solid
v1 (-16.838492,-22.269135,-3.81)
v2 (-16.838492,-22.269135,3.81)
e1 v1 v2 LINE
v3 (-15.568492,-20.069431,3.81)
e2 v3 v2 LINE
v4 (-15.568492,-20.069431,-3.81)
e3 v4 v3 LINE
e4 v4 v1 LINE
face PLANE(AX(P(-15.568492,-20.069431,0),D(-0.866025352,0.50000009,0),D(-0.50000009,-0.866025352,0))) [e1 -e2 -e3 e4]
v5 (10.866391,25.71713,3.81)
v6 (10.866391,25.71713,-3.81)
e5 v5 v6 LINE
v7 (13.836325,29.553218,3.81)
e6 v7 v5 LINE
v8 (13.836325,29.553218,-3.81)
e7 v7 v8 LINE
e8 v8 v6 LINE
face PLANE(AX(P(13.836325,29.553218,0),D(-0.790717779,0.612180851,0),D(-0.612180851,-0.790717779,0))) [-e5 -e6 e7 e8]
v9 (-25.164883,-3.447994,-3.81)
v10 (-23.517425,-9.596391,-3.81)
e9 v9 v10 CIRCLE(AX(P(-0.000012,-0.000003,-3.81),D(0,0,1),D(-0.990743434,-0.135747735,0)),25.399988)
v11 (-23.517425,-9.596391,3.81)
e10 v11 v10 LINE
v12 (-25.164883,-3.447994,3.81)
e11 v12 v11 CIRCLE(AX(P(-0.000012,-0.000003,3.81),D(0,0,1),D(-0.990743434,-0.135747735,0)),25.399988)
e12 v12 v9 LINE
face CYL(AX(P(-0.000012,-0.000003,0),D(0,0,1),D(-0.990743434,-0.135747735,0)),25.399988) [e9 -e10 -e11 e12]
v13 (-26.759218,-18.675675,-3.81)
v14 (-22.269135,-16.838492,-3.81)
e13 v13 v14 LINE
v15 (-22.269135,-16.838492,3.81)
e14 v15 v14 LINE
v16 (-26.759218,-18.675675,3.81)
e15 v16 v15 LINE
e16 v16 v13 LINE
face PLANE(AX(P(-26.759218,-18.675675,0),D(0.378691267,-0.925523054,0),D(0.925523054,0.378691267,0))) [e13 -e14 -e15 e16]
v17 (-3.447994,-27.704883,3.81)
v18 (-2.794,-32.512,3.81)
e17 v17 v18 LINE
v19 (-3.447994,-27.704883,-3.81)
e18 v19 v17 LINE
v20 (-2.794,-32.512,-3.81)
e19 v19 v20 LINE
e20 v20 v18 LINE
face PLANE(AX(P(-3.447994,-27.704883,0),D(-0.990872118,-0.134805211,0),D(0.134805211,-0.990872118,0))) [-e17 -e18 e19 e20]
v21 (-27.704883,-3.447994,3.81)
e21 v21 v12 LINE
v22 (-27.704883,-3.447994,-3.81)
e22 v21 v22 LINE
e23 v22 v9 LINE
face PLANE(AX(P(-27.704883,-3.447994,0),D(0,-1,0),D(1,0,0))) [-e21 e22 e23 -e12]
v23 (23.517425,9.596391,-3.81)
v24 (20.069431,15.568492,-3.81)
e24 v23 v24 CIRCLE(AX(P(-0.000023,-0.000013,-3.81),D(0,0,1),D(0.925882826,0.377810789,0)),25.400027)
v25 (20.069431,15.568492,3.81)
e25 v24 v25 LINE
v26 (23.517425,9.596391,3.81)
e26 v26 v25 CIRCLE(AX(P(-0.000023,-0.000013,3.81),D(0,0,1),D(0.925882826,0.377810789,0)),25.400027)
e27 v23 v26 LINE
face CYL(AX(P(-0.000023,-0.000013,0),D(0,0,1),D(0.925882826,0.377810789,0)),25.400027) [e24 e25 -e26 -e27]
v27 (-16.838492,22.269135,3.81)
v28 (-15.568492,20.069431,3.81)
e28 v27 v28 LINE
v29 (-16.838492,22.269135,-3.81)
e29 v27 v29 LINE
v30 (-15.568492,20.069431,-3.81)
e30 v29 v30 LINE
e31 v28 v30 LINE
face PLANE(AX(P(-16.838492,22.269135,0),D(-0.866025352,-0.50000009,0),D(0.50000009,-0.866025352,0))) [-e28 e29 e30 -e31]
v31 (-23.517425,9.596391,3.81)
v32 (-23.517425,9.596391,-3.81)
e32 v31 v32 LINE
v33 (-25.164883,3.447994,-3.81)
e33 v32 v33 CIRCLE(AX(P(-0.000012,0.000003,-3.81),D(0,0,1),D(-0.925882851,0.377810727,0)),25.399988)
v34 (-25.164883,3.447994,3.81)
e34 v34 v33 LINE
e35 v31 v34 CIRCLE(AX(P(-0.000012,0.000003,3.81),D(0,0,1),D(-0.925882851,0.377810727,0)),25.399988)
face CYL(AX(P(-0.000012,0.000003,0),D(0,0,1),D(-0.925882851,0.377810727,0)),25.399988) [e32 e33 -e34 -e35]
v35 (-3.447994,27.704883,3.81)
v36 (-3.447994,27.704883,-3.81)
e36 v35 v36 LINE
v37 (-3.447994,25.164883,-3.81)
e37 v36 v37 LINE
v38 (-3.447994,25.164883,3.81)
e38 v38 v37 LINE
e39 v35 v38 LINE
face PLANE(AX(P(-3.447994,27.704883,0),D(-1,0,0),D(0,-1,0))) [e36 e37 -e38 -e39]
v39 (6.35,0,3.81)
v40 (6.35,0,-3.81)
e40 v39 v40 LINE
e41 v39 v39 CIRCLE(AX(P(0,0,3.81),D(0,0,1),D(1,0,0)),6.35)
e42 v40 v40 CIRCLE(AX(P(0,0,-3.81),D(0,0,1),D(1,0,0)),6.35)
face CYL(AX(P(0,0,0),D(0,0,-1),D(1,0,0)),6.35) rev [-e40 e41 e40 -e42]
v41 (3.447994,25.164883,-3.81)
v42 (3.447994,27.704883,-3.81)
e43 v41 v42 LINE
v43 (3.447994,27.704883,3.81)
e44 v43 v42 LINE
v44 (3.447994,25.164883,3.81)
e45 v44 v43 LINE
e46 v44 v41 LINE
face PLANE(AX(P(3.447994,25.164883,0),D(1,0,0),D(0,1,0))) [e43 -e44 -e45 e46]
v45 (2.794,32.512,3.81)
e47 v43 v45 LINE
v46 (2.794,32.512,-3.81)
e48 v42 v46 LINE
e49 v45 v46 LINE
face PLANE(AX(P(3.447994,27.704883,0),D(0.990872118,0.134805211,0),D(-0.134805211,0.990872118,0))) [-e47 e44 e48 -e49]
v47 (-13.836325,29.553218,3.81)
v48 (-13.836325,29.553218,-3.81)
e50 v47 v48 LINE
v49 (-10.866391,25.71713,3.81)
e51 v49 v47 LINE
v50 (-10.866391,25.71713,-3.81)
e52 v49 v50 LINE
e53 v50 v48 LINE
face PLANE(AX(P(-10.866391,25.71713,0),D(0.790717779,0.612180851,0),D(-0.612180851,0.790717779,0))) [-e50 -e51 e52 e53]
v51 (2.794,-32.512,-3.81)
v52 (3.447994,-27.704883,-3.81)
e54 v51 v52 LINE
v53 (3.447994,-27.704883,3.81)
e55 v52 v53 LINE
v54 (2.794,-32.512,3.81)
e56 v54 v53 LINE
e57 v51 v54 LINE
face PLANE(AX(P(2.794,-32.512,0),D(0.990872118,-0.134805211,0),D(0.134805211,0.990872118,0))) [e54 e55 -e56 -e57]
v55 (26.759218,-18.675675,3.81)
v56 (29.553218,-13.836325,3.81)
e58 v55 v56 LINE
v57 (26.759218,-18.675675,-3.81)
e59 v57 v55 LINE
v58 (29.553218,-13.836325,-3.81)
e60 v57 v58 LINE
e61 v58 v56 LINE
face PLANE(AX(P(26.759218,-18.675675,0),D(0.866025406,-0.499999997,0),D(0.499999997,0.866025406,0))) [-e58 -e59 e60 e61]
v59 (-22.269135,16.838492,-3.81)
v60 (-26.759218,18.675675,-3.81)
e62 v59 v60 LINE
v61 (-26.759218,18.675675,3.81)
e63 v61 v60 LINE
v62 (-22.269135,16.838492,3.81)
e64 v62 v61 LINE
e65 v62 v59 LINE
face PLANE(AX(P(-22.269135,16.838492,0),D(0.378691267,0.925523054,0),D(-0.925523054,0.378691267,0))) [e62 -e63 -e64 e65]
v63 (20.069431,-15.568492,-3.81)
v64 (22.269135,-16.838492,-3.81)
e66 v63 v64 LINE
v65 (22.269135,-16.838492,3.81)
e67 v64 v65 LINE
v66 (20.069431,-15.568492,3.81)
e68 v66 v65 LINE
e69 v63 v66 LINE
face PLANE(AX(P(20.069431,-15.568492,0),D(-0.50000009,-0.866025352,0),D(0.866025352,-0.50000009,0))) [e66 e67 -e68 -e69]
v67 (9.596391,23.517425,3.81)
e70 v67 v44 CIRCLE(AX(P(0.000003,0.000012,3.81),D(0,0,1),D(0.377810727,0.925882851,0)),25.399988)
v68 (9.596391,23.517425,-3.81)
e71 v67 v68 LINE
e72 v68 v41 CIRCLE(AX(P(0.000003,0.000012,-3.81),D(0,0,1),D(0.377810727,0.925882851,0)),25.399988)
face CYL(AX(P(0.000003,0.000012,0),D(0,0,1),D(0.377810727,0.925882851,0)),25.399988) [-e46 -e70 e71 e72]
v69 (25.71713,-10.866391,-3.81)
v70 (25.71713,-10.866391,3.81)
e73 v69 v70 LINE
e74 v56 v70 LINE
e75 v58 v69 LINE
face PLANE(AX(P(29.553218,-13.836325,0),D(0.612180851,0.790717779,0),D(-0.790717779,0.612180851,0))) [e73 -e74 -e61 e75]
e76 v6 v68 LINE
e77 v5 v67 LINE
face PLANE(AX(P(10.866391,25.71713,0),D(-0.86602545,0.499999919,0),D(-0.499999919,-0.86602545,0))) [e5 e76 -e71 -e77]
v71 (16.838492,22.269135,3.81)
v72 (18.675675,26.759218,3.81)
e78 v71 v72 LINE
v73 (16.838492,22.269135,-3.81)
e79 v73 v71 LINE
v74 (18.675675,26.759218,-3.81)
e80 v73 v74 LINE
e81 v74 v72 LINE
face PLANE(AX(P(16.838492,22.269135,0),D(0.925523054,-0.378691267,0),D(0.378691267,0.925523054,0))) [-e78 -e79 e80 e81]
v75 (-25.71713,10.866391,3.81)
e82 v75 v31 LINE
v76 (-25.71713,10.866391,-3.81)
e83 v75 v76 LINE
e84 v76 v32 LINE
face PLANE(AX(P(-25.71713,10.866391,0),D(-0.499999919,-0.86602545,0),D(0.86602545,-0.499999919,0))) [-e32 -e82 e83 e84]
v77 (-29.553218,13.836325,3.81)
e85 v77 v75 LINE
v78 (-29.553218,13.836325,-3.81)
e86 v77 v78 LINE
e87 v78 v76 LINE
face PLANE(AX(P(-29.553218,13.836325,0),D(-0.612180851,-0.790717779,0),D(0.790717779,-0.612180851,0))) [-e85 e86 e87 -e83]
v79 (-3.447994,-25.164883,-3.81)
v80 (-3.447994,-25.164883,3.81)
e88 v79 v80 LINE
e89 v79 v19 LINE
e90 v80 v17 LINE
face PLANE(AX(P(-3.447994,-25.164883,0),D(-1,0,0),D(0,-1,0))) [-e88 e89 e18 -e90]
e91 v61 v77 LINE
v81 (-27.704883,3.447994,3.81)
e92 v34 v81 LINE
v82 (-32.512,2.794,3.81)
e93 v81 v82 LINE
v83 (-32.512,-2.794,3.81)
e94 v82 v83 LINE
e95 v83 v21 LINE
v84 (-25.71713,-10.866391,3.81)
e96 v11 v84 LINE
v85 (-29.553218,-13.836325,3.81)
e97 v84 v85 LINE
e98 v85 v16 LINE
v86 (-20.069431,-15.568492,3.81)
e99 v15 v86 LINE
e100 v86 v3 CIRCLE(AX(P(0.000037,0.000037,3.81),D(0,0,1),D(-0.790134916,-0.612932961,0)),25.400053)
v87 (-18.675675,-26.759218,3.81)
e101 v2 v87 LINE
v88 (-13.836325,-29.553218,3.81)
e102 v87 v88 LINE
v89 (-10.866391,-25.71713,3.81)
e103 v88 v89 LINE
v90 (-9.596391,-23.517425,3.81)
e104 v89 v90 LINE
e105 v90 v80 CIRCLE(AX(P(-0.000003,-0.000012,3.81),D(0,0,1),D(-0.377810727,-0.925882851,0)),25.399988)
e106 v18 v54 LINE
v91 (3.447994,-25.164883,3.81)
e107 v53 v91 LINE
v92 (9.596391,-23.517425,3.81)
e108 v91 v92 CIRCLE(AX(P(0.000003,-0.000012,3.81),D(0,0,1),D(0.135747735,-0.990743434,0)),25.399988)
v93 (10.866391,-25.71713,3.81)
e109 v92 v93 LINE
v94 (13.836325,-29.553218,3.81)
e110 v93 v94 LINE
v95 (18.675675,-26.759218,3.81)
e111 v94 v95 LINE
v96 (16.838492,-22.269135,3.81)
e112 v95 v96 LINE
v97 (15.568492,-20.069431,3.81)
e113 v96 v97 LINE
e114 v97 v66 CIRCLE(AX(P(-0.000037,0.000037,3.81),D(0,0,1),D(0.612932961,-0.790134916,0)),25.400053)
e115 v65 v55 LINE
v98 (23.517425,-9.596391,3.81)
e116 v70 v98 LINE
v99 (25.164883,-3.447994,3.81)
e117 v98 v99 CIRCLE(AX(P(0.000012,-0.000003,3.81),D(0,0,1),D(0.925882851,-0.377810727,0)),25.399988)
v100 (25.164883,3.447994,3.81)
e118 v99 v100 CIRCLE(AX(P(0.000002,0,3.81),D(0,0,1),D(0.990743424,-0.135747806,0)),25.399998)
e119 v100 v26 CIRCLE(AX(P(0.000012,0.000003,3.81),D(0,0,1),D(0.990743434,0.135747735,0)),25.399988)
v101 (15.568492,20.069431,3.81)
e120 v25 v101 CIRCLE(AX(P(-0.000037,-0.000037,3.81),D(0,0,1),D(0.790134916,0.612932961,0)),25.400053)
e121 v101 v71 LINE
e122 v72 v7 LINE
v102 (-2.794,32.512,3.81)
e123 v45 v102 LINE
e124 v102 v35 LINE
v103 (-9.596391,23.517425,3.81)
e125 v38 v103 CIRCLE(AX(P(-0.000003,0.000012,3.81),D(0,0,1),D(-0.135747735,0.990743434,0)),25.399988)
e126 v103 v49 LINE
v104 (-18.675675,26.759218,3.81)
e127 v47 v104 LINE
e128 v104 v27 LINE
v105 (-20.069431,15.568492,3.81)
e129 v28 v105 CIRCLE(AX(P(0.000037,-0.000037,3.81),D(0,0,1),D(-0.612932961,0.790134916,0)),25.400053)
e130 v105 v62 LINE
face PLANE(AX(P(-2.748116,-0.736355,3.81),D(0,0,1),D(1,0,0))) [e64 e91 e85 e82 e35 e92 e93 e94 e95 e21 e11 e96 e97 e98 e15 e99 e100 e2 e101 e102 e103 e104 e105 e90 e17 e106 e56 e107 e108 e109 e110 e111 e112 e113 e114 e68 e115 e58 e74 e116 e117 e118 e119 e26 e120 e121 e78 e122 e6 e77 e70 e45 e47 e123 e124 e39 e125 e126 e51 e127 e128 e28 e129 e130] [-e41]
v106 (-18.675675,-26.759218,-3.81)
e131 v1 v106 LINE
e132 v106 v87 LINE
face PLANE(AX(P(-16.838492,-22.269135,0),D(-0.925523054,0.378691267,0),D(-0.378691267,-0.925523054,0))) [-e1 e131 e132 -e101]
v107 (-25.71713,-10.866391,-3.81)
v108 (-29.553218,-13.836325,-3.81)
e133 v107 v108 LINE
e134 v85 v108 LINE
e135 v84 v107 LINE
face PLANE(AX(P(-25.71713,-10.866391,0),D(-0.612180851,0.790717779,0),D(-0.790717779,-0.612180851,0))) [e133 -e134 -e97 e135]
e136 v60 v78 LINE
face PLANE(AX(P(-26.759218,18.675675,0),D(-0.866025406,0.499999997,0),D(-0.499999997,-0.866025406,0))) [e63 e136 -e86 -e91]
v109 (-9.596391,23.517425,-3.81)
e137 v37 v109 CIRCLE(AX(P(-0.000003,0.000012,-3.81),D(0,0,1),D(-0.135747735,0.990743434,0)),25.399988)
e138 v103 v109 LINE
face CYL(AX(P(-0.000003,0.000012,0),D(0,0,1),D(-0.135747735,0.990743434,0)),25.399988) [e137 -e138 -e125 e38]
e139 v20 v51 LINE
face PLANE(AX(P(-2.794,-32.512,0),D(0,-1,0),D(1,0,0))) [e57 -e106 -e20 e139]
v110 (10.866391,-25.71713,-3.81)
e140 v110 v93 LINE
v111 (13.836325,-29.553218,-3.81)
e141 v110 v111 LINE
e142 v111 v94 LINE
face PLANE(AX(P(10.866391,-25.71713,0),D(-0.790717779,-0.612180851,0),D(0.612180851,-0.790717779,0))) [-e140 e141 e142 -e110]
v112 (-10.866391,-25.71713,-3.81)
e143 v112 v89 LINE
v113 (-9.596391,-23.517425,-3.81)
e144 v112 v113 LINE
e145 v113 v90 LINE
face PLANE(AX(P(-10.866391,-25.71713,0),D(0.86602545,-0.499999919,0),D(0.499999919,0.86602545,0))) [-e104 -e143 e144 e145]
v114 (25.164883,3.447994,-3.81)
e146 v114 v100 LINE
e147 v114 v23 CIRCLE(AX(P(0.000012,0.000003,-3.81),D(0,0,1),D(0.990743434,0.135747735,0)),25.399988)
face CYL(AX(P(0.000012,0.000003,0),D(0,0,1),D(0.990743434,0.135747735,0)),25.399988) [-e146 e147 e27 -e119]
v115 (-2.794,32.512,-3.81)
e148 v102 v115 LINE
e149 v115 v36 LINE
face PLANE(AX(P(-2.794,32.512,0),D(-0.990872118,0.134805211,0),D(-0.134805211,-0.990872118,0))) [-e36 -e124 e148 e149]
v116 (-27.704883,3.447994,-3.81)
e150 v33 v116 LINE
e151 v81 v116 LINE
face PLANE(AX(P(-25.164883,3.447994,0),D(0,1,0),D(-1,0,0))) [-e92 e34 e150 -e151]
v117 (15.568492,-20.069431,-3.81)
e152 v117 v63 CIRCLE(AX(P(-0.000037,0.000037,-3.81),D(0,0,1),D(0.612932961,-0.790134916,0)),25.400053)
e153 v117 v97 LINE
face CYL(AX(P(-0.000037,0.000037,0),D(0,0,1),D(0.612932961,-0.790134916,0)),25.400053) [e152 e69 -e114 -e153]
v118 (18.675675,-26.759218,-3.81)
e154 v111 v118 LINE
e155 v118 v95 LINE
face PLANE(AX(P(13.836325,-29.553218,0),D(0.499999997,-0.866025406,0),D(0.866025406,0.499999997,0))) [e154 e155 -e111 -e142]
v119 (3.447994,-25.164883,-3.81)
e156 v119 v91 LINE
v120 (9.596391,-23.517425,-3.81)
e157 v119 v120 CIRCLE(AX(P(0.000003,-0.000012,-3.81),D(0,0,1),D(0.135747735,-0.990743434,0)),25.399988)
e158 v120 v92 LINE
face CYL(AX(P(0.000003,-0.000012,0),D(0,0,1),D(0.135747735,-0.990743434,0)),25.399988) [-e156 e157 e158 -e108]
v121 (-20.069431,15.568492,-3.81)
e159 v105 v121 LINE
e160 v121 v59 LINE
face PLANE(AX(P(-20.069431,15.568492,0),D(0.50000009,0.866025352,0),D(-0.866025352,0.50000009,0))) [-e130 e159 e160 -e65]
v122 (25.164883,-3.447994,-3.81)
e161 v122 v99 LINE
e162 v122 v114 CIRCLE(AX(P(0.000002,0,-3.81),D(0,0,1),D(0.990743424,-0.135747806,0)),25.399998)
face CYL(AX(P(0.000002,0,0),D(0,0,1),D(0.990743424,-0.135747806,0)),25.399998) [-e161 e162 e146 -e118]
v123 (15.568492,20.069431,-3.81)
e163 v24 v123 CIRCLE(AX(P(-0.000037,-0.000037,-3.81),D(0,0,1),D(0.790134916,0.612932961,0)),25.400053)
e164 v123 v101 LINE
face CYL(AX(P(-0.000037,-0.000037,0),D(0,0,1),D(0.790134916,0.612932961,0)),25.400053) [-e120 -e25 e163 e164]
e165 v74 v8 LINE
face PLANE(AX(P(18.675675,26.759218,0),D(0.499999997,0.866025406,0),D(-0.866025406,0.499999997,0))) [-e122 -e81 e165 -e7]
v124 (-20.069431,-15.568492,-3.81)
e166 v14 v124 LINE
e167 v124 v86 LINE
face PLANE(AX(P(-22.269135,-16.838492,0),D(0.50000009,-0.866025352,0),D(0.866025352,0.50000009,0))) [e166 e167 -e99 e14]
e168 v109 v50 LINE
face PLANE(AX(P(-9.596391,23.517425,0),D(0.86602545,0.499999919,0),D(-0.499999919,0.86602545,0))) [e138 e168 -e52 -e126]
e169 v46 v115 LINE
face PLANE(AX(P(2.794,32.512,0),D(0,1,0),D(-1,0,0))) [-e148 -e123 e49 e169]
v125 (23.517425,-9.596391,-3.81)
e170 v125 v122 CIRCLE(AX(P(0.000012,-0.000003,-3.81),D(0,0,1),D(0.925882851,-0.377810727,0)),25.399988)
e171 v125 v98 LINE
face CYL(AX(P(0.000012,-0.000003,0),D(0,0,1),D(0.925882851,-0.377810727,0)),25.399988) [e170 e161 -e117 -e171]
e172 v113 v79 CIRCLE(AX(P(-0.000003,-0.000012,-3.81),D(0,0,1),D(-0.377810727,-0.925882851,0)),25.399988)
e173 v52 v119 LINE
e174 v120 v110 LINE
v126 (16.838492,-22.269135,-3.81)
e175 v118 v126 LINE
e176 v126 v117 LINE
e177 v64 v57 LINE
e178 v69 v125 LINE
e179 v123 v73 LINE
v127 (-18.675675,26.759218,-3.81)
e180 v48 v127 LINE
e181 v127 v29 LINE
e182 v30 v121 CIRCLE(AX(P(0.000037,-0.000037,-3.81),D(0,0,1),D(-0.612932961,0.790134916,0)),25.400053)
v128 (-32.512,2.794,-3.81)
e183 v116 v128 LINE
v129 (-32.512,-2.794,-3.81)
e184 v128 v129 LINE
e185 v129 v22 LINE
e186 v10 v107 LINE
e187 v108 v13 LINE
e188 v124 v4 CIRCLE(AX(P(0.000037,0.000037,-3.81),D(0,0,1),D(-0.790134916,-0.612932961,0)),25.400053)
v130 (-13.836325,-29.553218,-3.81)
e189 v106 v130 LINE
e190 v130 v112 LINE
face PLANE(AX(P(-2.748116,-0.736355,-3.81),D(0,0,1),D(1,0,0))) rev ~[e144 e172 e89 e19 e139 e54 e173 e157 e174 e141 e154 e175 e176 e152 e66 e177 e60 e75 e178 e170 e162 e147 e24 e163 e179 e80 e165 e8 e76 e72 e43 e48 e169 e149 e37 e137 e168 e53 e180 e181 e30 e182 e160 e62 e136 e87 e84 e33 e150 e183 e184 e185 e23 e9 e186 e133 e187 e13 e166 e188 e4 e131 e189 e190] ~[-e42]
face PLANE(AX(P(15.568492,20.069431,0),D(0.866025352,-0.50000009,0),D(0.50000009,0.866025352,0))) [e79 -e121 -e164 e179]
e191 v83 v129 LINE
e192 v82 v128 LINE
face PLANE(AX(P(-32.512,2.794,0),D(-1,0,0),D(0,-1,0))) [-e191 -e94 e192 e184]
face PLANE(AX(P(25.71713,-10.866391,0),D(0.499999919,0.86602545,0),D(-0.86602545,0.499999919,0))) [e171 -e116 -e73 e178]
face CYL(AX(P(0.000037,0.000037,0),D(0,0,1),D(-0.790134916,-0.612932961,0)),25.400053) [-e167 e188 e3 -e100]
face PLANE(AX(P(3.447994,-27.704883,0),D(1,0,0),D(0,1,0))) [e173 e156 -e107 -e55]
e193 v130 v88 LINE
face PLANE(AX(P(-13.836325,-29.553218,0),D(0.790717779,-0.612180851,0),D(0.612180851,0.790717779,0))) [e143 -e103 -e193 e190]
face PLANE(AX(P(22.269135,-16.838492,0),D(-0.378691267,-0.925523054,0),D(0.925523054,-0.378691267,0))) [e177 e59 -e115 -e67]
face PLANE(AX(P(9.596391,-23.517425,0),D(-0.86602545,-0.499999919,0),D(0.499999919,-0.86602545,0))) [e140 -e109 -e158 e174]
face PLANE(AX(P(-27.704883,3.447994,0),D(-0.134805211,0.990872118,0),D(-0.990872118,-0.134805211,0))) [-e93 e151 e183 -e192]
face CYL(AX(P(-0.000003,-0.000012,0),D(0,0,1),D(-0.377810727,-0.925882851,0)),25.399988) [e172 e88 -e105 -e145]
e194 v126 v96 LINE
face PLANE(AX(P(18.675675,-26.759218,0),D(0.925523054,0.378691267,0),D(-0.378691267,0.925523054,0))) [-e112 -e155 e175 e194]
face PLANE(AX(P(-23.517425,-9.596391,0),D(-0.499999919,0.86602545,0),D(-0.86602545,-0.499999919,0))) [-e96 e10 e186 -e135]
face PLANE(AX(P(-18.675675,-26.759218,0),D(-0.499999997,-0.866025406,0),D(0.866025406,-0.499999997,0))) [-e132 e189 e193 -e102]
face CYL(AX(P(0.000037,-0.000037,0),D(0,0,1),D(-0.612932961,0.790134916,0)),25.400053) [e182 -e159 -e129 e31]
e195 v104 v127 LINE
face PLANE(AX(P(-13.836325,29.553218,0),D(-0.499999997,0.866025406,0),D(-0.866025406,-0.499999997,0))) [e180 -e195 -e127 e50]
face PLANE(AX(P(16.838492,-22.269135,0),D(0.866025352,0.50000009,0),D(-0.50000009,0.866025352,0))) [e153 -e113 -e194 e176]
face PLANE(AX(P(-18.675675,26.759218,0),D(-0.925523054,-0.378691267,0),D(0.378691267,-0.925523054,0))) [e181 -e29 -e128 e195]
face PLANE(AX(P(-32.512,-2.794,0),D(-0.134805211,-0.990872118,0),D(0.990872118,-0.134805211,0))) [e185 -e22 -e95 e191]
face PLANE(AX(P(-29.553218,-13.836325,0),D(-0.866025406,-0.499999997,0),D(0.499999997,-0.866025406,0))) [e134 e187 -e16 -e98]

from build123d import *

# Parameters (mm, degrees)
F0_R     = 6.35
F1_DEPTH = 3.81


with BuildPart() as f1:
    # F0 (on Top) → F1 (new body, symmetric)
    with BuildSketch(Plane.XY):
        with BuildLine():
            Line((-22.269135, -16.838492), (-20.069431, -15.568492))
            ThreePointArc((-20.069431, -15.568492), (-17.960512, -17.960512), (-15.568492, -20.069431))
            Line((-15.568492, -20.069431), (-16.838492, -22.269135))
            Line((-16.838492, -22.269135), (-18.675675, -26.759218))
            Line((-18.675675, -26.759218), (-16.256, -28.156218))
            Line((-16.256, -28.156218), (-13.836325, -29.553218))
            Line((-13.836325, -29.553218), (-10.866391, -25.71713))
            Line((-10.866391, -25.71713), (-9.596391, -23.517425))
            ThreePointArc((-9.596391, -23.517425), (-6.574004, -24.534516), (-3.447994, -25.164883))
            Line((-3.447994, -25.164883), (-3.447994, -27.704883))
            Line((-3.447994, -27.704883), (-2.794, -32.512))
            Line((-2.794, -32.512), (0, -32.512))
            Line((0, -32.512), (2.794, -32.512))
            Line((2.794, -32.512), (3.447994, -27.704883))
            Line((3.447994, -27.704883), (3.447994, -25.164883))
            ThreePointArc((3.447994, -25.164883), (6.574004, -24.534516), (9.596391, -23.517425))
            Line((9.596391, -23.517425), (10.866391, -25.71713))
            Line((10.866391, -25.71713), (13.836325, -29.553218))
            Line((13.836325, -29.553218), (16.256, -28.156218))
            Line((16.256, -28.156218), (18.675675, -26.759218))
            Line((18.675675, -26.759218), (16.838492, -22.269135))
            Line((16.838492, -22.269135), (15.568492, -20.069431))
            ThreePointArc((15.568492, -20.069431), (17.960512, -17.960512), (20.069431, -15.568492))
            Line((20.069431, -15.568492), (22.269135, -16.838492))
            Line((22.269135, -16.838492), (26.759218, -18.675675))
            Line((26.759218, -18.675675), (28.156218, -16.256))
            Line((28.156218, -16.256), (29.553218, -13.836325))
            Line((29.553218, -13.836325), (25.71713, -10.866391))
            Line((25.71713, -10.866391), (23.517425, -9.596391))
            ThreePointArc((23.517425, -9.596391), (24.534516, -6.574004), (25.164883, -3.447994))
            ThreePointArc((25.164883, -3.447994), (25.4, 0), (25.164883, 3.447994))
            ThreePointArc((25.164883, 3.447994), (24.534516, 6.574004), (23.517425, 9.596391))
            ThreePointArc((23.517425, 9.596391), (21.997045, 12.7), (20.069431, 15.568492))
            ThreePointArc((20.069431, 15.568492), (17.960512, 17.960512), (15.568492, 20.069431))
            Line((15.568492, 20.069431), (16.838492, 22.269135))
            Line((16.838492, 22.269135), (18.675675, 26.759218))
            Line((18.675675, 26.759218), (16.256, 28.156218))
            Line((16.256, 28.156218), (13.836325, 29.553218))
            Line((13.836325, 29.553218), (10.866391, 25.71713))
            Line((10.866391, 25.71713), (9.596391, 23.517425))
            ThreePointArc((9.596391, 23.517425), (6.574004, 24.534516), (3.447994, 25.164883))
            Line((3.447994, 25.164883), (3.447994, 27.704883))
            Line((3.447994, 27.704883), (2.794, 32.512))
            Line((2.794, 32.512), (0, 32.512))
            Line((0, 32.512), (-2.794, 32.512))
            Line((-2.794, 32.512), (-3.447994, 27.704883))
            Line((-3.447994, 27.704883), (-3.447994, 25.164883))
            ThreePointArc((-3.447994, 25.164883), (-6.574004, 24.534516), (-9.596391, 23.517425))
            Line((-9.596391, 23.517425), (-10.866391, 25.71713))
            Line((-10.866391, 25.71713), (-13.836325, 29.553218))
            Line((-13.836325, 29.553218), (-16.256, 28.156218))
            Line((-16.256, 28.156218), (-18.675675, 26.759218))
            Line((-18.675675, 26.759218), (-16.838492, 22.269135))
            Line((-16.838492, 22.269135), (-15.568492, 20.069431))
            ThreePointArc((-15.568492, 20.069431), (-17.960512, 17.960512), (-20.069431, 15.568492))
            Line((-20.069431, 15.568492), (-22.269135, 16.838492))
            Line((-22.269135, 16.838492), (-26.759218, 18.675675))
            Line((-26.759218, 18.675675), (-28.156218, 16.256))
            Line((-28.156218, 16.256), (-29.553218, 13.836325))
            Line((-29.553218, 13.836325), (-25.71713, 10.866391))
            Line((-25.71713, 10.866391), (-23.517425, 9.596391))
            ThreePointArc((-23.517425, 9.596391), (-24.534516, 6.574004), (-25.164883, 3.447994))
            Line((-25.164883, 3.447994), (-27.704883, 3.447994))
            Line((-27.704883, 3.447994), (-32.512, 2.794))
            Line((-32.512, 2.794), (-32.512, 0))
            Line((-32.512, 0), (-32.512, -2.794))
            Line((-32.512, -2.794), (-27.704883, -3.447994))
            Line((-27.704883, -3.447994), (-25.164883, -3.447994))
            ThreePointArc((-25.164883, -3.447994), (-24.534516, -6.574004), (-23.517425, -9.596391))
            Line((-23.517425, -9.596391), (-25.71713, -10.866391))
            Line((-25.71713, -10.866391), (-29.553218, -13.836325))
            Line((-29.553218, -13.836325), (-28.156218, -16.256))
            Line((-28.156218, -16.256), (-26.759218, -18.675675))
            Line((-26.759218, -18.675675), (-22.269135, -16.838492))
        make_face()
        Circle(F0_R, mode=Mode.SUBTRACT)
    extrude(amount=F1_DEPTH, both=True)


solid = f1.part
